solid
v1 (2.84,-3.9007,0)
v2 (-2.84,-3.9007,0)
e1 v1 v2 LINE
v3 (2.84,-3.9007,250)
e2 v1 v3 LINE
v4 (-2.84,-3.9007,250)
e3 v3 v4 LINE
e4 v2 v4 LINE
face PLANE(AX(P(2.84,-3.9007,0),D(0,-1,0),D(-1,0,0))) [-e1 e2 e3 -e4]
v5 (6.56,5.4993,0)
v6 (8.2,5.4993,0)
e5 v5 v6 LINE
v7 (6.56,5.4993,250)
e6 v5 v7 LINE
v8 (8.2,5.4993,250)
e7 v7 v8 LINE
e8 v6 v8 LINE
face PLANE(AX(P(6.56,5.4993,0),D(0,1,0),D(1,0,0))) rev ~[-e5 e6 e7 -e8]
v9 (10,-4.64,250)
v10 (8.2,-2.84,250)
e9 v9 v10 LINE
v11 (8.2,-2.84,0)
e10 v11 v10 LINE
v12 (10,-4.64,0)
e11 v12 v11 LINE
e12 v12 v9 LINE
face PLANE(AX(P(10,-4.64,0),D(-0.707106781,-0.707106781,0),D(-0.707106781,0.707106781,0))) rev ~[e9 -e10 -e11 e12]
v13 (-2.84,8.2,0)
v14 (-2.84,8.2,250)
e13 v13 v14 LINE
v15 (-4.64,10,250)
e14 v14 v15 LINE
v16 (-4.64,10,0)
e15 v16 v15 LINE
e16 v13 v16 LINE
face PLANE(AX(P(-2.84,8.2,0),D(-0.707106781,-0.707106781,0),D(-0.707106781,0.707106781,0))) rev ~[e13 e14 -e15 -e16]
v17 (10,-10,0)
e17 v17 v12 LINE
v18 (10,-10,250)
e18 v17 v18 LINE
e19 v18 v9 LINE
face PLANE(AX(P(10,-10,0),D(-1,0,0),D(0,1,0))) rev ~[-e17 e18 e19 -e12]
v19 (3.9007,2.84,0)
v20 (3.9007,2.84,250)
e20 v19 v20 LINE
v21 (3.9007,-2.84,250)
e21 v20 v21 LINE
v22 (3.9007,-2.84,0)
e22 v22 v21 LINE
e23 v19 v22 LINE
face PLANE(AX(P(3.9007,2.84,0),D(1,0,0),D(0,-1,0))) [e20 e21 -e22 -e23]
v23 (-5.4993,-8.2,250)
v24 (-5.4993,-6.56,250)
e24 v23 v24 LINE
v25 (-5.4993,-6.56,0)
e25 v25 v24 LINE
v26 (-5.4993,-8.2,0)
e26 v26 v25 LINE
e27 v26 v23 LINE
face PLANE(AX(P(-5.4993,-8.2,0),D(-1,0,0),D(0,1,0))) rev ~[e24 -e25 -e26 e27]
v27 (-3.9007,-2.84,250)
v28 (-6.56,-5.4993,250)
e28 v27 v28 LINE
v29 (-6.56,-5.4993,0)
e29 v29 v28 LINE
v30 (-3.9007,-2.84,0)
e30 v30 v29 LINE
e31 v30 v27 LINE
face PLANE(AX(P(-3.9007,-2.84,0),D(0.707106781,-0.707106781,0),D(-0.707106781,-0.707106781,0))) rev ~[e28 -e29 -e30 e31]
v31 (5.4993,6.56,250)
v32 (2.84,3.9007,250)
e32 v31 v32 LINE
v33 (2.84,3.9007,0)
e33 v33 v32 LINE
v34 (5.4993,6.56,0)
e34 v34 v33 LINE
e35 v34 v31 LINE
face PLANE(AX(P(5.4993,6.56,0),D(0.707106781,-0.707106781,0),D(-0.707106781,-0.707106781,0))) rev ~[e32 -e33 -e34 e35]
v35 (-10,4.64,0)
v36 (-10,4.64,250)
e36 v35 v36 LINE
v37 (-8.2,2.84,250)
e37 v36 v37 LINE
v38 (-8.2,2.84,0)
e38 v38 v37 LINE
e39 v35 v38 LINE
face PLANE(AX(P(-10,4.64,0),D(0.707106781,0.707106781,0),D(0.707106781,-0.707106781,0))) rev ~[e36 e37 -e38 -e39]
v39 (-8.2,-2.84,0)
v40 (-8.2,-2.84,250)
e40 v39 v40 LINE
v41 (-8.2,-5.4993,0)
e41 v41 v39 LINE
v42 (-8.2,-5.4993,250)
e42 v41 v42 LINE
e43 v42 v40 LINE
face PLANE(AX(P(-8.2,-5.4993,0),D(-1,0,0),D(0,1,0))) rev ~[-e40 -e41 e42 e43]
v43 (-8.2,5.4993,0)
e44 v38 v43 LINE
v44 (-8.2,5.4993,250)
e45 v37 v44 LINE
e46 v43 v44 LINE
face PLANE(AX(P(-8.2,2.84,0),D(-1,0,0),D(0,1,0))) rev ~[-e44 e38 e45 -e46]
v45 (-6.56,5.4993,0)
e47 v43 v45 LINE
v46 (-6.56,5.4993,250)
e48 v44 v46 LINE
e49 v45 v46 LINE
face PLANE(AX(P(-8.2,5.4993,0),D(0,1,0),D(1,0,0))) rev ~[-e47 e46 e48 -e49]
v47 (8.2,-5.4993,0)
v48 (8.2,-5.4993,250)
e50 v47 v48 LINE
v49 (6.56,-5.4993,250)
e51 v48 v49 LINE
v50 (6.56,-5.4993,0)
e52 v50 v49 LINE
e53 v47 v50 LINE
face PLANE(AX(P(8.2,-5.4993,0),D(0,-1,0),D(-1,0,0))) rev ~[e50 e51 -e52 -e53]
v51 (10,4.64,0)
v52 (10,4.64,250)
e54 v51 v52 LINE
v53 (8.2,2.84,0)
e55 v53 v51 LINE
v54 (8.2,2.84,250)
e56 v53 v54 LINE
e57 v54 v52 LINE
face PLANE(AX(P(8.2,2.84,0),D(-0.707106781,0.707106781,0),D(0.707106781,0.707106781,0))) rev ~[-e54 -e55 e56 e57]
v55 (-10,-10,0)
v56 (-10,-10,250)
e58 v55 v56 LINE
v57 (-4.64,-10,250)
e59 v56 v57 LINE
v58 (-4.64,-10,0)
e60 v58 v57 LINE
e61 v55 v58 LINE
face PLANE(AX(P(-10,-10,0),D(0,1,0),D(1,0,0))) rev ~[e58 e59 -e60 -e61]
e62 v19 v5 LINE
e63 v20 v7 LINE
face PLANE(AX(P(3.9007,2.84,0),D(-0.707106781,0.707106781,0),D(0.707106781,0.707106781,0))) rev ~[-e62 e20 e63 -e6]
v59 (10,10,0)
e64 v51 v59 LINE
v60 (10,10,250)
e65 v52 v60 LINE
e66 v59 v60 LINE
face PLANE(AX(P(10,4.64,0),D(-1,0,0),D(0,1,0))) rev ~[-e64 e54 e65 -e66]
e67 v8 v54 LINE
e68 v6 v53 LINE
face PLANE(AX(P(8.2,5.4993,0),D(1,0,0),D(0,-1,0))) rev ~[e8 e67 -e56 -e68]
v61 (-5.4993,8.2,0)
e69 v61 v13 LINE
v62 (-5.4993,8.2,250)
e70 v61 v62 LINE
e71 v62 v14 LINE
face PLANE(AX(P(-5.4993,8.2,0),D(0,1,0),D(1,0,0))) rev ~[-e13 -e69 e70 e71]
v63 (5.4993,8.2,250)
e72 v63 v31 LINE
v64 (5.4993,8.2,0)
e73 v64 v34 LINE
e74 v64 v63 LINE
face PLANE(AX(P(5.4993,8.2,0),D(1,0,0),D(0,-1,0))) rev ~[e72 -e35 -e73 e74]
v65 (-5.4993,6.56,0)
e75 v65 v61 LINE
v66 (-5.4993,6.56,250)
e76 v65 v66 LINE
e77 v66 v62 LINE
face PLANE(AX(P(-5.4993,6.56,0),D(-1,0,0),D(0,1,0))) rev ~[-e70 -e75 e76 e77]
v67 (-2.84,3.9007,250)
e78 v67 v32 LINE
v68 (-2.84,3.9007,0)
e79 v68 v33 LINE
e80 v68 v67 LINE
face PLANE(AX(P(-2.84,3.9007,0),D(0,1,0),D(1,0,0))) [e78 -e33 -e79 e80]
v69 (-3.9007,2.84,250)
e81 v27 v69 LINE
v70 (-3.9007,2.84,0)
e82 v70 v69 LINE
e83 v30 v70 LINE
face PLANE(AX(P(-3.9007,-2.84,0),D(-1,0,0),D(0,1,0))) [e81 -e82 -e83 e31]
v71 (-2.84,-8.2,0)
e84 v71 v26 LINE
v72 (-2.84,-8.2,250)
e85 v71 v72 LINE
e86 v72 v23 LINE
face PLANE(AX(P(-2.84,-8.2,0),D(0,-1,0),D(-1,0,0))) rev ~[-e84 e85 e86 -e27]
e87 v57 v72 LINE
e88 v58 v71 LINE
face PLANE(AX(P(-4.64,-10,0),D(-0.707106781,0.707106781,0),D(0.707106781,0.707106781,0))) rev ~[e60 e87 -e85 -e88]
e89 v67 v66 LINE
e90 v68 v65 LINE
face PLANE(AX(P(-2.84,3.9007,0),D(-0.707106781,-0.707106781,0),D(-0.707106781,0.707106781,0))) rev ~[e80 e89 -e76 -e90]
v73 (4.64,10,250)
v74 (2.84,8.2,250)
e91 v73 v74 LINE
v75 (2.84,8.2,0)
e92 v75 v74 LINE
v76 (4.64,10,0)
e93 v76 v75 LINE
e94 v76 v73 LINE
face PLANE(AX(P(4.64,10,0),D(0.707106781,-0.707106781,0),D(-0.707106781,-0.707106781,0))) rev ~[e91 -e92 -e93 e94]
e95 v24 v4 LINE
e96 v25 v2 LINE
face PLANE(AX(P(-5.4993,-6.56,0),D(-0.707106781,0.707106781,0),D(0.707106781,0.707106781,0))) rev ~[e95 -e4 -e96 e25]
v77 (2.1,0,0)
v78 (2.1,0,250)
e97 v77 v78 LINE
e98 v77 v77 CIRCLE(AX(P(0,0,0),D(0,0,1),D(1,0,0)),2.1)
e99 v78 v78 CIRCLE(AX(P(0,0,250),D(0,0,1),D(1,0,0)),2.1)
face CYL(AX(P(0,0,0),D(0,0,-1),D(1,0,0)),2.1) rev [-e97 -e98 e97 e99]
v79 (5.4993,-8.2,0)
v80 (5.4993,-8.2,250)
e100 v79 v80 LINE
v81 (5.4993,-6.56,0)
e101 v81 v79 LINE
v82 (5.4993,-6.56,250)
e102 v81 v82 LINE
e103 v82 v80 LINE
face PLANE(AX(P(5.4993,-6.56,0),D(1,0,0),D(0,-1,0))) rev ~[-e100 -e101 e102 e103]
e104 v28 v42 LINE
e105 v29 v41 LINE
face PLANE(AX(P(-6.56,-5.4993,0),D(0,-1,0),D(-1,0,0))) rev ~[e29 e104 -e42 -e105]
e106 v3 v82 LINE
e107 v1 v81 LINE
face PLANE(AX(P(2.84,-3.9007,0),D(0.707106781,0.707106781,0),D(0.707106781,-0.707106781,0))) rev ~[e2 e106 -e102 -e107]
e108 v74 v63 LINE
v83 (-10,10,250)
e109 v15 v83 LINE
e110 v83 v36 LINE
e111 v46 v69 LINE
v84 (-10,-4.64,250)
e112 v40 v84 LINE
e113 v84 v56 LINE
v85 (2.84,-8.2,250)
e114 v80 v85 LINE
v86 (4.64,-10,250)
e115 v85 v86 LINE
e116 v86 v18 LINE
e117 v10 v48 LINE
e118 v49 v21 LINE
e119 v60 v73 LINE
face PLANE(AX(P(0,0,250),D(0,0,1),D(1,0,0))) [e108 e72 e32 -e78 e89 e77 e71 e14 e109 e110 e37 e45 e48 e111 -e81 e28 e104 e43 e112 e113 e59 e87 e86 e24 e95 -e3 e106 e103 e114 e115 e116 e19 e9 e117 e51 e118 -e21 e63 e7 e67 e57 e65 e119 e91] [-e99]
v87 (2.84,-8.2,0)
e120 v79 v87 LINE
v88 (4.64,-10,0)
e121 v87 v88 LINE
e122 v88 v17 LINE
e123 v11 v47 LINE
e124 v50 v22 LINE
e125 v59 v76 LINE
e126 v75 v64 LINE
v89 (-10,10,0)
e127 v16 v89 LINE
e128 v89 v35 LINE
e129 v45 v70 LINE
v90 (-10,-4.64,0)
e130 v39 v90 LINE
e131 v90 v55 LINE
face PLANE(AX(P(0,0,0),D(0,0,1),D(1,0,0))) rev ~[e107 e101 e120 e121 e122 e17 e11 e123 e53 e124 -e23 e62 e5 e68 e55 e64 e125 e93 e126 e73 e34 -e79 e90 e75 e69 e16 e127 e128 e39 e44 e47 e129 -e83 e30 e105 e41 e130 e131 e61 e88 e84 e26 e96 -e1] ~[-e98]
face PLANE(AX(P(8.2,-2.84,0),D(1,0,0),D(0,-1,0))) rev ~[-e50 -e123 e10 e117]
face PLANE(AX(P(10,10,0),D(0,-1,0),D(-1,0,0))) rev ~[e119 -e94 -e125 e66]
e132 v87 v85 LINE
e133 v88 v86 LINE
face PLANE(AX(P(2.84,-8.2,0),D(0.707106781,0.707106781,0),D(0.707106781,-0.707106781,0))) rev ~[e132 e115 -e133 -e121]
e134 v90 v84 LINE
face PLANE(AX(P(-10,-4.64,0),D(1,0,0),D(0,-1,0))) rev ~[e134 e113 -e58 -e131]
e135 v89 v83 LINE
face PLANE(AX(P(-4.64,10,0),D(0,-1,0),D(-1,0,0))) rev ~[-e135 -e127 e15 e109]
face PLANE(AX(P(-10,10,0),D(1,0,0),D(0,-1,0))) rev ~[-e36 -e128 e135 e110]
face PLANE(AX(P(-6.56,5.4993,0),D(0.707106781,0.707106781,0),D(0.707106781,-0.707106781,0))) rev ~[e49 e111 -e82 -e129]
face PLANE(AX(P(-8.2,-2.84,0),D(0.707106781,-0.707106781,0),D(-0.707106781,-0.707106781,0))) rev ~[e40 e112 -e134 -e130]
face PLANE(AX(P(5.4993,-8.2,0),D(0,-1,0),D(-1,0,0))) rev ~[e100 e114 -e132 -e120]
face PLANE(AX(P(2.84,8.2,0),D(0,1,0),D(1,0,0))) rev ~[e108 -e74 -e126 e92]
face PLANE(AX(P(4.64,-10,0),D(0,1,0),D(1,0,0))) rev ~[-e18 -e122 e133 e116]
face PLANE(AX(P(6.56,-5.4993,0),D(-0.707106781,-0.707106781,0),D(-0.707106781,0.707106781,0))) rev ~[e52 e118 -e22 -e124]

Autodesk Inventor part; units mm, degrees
ref_plane "YZ Plane" through (0, 0, 0) normal (1, 0, 0) x (0, 1, 0)
ref_plane "XZ Plane" through (0, 0, 0) normal (0, 1, 0) x (-1, 0, 0)
ref_plane "XY Plane" through (0, 0, 0) normal (0, 0, 1) x (1, 0, 0)
sketch "Sketch1" plane through (0, 0, 0) normal (0, 0, 1) x (1, 0, 0)
  line L0 (-3.9007, 3.9007) -> (3.9007, 3.9007)
  line L1 (3.9007, 3.9007) -> (3.9007, -3.9007)
  line L2 (3.9007, -3.9007) -> (-3.9007, -3.9007)
  line L3 (-3.9007, -3.9007) -> (-3.9007, 3.9007)
  line L4 (0, 3.9007) -> (0, -3.9007) construction
  line L5 (-3.9007, 0) -> (3.9007, 0) construction
  circle A0 centre (0, 0) radius 2.1
  line L6 (0, 0) -> (-16.1173, 16.1173) construction
  line L7 (0, 0) -> (22.7933, 0) construction
  line L8 (-2.84, 3.9007) -> (-5.4993, 6.56)
  line L9 (-5.4993, 6.56) -> (-5.4993, 8.2)
  line L10 (-5.4993, 8.2) -> (-2.84, 8.2)
  line L11 (-2.84, 8.2) -> (-4.64, 10)
  line L12 (-4.64, 10) -> (-10, 10)
  line L13 (-10, 10) -> (-10, 4.64)
  line L14 (-10, 4.64) -> (-8.2, 2.84)
  line L15 (-8.2, 2.84) -> (-8.2, 5.4993)
  line L16 (-8.2, 5.4993) -> (-6.56, 5.4993)
  line L17 (-6.56, 5.4993) -> (-3.9007, 2.84)
  line L18 (-3.9007, 2.84) -> (-11.3102, 2.84) construction
  line L19 (-2.84, 3.9007) -> (-3.9007, 3.9007)
  line L20 (-3.9007, 2.84) -> (-3.9007, 3.9007)
  line L21 (-3.9007, -2.84) -> (-6.56, -5.4993)
  line L22 (-6.56, -5.4993) -> (-8.2, -5.4993)
  line L23 (-8.2, -5.4993) -> (-8.2, -2.84)
  line L24 (-8.2, -2.84) -> (-10, -4.64)
  line L25 (-10, -4.64) -> (-10, -10)
  line L26 (-10, -10) -> (-4.64, -10)
  line L27 (-4.64, -10) -> (-2.84, -8.2)
  line L28 (-2.84, -8.2) -> (-5.4993, -8.2)
  line L29 (-5.4993, -8.2) -> (-5.4993, -6.56)
  line L30 (-5.4993, -6.56) -> (-2.84, -3.9007)
  line L31 (-3.9007, -2.84) -> (-3.9007, -3.9007)
  line L32 (-2.84, -3.9007) -> (-3.9007, -3.9007)
  line L33 (2.84, -3.9007) -> (5.4993, -6.56)
  line L34 (5.4993, -6.56) -> (5.4993, -8.2)
  line L35 (5.4993, -8.2) -> (2.84, -8.2)
  line L36 (2.84, -8.2) -> (4.64, -10)
  line L37 (4.64, -10) -> (10, -10)
  line L38 (10, -10) -> (10, -4.64)
  line L39 (10, -4.64) -> (8.2, -2.84)
  line L40 (8.2, -2.84) -> (8.2, -5.4993)
  line L41 (8.2, -5.4993) -> (6.56, -5.4993)
  line L42 (6.56, -5.4993) -> (3.9007, -2.84)
  line L43 (2.84, -3.9007) -> (3.9007, -3.9007)
  line L44 (3.9007, -2.84) -> (3.9007, -3.9007)
  line L45 (3.9007, 2.84) -> (6.56, 5.4993)
  line L46 (6.56, 5.4993) -> (8.2, 5.4993)
  line L47 (8.2, 5.4993) -> (8.2, 2.84)
  line L48 (8.2, 2.84) -> (10, 4.64)
  line L49 (10, 4.64) -> (10, 10)
  line L50 (10, 10) -> (4.64, 10)
  line L51 (4.64, 10) -> (2.84, 8.2)
  line L52 (2.84, 8.2) -> (5.4993, 8.2)
  line L53 (5.4993, 8.2) -> (5.4993, 6.56)
  line L54 (5.4993, 6.56) -> (2.84, 3.9007)
  line L55 (3.9007, 2.84) -> (3.9007, 3.9007)
  line L56 (2.84, 3.9007) -> (3.9007, 3.9007)
  dimension "d7" = 4.2
  dimension "d8" = 135
  dimension "d9" = 1.5
  dimension "d10" = 1.64
  dimension "d11" = 1.8
  dimension "d12" = 2.84
  dimension "d13" = 10
  dimension "d16" = 360
extrude "Extrusion1" add sketch "Sketch1" along normal blind 250
properties part number "20x20x250mm" material "Aluminum 6061"
